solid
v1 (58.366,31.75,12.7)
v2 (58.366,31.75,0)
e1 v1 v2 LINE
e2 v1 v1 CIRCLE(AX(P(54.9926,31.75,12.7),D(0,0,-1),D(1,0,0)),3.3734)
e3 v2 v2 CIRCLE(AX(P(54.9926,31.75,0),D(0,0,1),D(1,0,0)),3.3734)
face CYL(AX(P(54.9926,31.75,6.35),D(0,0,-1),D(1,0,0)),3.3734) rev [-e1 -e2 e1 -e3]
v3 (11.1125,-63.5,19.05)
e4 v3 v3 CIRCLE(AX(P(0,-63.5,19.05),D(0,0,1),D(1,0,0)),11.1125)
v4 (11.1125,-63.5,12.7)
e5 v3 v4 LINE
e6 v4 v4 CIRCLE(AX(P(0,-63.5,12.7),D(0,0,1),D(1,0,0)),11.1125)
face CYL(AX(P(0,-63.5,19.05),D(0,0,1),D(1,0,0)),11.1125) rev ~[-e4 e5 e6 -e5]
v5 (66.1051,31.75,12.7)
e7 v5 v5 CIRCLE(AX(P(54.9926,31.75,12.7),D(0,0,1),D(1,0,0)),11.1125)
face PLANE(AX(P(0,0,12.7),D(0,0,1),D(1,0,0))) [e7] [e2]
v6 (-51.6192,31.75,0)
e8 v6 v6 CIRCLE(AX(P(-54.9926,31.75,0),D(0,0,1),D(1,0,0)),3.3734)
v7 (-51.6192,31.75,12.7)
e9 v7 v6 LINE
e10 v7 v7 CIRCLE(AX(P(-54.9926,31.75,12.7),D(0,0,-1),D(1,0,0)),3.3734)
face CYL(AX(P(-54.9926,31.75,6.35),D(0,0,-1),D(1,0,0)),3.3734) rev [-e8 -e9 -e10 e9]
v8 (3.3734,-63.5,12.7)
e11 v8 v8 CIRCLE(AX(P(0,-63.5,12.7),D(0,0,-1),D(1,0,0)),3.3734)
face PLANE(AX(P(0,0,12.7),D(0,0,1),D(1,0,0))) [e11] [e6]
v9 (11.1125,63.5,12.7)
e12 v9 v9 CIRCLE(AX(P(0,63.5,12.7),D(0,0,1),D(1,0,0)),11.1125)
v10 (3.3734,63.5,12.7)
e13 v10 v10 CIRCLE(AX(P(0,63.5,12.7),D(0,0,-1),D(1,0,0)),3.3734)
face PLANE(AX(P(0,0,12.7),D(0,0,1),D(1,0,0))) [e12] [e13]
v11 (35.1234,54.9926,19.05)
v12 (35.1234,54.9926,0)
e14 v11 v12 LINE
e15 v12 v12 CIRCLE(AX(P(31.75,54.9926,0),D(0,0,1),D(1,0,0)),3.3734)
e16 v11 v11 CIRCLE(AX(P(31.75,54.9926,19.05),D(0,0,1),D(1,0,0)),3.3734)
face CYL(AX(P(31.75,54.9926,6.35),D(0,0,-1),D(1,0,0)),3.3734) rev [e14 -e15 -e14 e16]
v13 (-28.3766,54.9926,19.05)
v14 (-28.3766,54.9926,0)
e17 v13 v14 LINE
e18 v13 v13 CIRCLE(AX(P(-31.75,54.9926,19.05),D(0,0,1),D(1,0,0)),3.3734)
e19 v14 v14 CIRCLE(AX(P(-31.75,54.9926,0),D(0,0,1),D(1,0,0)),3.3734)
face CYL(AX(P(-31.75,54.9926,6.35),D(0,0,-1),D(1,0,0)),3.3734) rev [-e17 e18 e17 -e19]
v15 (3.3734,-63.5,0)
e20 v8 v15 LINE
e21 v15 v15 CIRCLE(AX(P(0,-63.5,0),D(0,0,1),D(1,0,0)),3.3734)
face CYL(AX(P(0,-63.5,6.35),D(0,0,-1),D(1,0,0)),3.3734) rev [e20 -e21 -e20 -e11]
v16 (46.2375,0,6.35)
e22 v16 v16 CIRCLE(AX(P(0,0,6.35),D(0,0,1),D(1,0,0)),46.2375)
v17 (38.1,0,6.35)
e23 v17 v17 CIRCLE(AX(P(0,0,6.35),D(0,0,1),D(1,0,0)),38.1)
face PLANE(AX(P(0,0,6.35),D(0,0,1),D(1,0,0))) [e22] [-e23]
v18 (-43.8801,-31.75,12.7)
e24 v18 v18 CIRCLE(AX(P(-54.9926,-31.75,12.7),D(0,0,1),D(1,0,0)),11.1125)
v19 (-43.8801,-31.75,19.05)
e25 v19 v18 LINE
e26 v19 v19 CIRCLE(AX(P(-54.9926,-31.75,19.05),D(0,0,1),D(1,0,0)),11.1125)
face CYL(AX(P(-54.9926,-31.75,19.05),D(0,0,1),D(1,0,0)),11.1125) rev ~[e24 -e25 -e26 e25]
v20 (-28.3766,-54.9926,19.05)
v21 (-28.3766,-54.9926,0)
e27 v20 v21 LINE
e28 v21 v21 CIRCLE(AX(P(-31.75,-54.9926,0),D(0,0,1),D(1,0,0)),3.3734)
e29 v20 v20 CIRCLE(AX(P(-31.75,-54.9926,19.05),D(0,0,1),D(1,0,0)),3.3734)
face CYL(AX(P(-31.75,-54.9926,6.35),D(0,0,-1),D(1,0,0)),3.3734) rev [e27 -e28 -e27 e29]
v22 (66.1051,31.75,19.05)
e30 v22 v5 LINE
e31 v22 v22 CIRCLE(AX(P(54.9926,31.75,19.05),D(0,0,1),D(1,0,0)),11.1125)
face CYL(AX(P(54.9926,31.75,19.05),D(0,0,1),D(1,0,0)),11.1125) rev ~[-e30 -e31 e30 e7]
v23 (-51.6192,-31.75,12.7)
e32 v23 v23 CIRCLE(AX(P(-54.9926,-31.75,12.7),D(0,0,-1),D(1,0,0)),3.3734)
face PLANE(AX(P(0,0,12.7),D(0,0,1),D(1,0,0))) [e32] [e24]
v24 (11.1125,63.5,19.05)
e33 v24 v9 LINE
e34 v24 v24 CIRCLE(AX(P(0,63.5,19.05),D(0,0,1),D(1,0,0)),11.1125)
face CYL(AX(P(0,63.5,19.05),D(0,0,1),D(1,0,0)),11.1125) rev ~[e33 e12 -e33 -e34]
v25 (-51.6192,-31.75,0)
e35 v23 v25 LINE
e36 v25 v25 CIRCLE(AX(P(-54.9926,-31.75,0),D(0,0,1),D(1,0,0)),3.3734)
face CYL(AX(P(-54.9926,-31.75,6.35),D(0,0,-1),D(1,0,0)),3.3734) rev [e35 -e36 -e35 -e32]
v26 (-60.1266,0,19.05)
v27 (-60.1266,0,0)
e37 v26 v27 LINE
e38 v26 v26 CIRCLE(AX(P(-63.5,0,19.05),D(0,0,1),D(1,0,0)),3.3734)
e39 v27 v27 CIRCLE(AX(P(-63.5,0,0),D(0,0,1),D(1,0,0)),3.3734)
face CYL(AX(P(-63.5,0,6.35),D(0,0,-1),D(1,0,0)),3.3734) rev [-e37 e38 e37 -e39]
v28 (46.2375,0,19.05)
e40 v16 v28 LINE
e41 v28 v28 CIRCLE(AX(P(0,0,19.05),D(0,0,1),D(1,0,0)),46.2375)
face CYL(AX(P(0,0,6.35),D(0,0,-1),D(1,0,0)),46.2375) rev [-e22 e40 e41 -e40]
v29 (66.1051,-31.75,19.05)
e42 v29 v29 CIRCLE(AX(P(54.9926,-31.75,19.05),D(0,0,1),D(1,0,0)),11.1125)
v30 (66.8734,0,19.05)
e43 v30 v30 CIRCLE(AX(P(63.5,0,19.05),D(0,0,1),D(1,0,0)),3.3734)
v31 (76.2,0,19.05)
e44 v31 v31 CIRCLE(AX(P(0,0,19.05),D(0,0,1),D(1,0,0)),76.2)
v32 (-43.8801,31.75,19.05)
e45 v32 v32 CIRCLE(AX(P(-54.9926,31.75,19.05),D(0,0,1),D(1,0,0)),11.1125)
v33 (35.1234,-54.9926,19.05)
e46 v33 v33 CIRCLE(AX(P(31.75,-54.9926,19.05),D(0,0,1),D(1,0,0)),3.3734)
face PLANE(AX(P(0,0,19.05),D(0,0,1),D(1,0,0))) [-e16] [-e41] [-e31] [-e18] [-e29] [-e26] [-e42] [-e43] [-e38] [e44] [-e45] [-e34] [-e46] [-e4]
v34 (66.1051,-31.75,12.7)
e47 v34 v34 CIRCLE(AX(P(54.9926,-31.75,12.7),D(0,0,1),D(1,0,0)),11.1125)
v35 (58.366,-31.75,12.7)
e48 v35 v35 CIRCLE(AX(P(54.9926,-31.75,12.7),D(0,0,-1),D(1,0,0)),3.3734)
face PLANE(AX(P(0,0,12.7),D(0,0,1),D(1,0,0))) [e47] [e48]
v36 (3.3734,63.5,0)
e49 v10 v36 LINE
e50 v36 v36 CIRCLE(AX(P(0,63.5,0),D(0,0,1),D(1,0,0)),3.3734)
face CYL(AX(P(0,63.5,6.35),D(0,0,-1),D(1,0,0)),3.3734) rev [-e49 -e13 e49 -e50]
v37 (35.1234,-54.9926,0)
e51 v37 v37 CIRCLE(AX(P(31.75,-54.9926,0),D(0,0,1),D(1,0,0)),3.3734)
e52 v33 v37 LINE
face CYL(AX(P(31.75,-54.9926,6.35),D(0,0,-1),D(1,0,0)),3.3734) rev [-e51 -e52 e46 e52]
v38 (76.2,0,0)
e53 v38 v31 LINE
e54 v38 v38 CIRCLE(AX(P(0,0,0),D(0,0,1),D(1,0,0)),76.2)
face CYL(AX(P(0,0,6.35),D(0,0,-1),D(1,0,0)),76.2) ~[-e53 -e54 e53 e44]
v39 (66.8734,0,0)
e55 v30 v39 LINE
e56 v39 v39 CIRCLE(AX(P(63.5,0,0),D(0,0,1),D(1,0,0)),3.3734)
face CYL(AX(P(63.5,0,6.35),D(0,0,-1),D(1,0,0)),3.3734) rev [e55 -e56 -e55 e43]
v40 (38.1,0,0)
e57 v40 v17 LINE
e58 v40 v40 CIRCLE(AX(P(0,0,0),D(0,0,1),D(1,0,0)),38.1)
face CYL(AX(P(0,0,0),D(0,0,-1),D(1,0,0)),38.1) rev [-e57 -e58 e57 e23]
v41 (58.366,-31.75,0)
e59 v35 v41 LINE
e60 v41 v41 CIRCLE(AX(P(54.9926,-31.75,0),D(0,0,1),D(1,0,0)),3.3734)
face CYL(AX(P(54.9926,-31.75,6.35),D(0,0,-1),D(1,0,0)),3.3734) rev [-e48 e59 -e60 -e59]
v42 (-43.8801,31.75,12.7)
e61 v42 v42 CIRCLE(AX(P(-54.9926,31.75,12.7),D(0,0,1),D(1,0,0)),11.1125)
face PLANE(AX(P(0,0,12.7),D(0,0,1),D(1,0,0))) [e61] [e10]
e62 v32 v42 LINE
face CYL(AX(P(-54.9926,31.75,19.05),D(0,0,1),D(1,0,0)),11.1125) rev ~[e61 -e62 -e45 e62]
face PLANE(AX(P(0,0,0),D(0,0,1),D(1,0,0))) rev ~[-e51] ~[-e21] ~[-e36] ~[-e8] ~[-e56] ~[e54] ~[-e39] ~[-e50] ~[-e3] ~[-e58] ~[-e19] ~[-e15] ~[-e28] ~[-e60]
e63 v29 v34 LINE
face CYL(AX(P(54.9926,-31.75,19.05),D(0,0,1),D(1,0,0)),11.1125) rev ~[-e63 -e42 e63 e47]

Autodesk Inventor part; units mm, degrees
ref_plane "YZ Plane" through (0, 0, 0) normal (1, 0, 0) x (0, 1, 0)
ref_plane "XZ Plane" through (0, 0, 0) normal (0, 1, 0) x (-1, 0, 0)
ref_plane "XY Plane" through (0, 0, 0) normal (0, 0, 1) x (1, 0, 0)
sketch "Sketch1" plane through (0, 0, 0) normal (0, 0, 1) x (1, 0, 0)
  circle A0 centre (0, 0) radius 76.2
  circle A1 centre (0, 63.5) radius 3.3734
  circle A2 centre (0, 0) radius 38.1
  circle A3 centre (-31.75, 54.9926) radius 3.3734
  circle A4 centre (-54.9926, 31.75) radius 3.3734
  circle A5 centre (-63.5, 0) radius 3.3734
  circle A6 centre (-54.9926, -31.75) radius 3.3734
  circle A7 centre (-31.75, -54.9926) radius 3.3734
  circle A8 centre (0, -63.5) radius 3.3734
  circle A9 centre (31.75, -54.9926) radius 3.3734
  circle A10 centre (54.9926, -31.75) radius 3.3734
  circle A11 centre (63.5, 0) radius 3.3734
  circle A12 centre (54.9926, 31.75) radius 3.3734
  circle A13 centre (31.75, 54.9926) radius 3.3734
  dimension "d0" = 63.5
  dimension "d1" = 152.4
  dimension "d2" = 6.7469
  dimension "d3" = 76.2
  dimension "d6" = 360
extrude "Extrusion1" add sketch "Sketch1" along normal blind 6.35
sketch "Sketch2" plane through (0, 0, 6.35) normal (0, 0, 1) x (1, 0, 0)
  circle A0 centre (0, 0) radius 46.2375
  circle A1 centre (0, 0) radius 52.5875
  dimension "d10" = 92.475
  dimension "d11" = 6.35
extrude "Extrusion2" add sketch "Sketch2" along normal blind 12.7
sketch "Sketch3" plane through (0, 0, 6.35) normal (0, 0, 1) x (1, 0, 0)
  circle A0 centre (0, 63.5) radius 3.3734 projected
  circle A1 centre (-54.9926, 31.75) radius 3.3734 projected
  circle A2 centre (54.9926, -31.75) radius 3.3734 projected
  circle A3 centre (0, -63.5) radius 3.3734 projected
  circle A4 centre (-63.5, 0) radius 3.3734 projected
  circle A5 centre (31.75, 54.9926) radius 3.3734 projected
  circle A6 centre (-31.75, 54.9926) radius 3.3734 projected
  circle A7 centre (54.9926, 31.75) radius 3.3734 projected
  circle A8 centre (-31.75, -54.9926) radius 3.3734 projected
  circle A9 centre (-54.9926, -31.75) radius 3.3734 projected
  circle A10 centre (31.75, -54.9926) radius 3.3734 projected
  circle A11 centre (63.5, 0) radius 3.3734 projected
  circle A12 centre (0, 0) radius 76.2 projected
  circle A13 centre (0, 0) radius 52.5875 projected
extrude "Extrusion3" add sketch "Sketch3" along normal blind 12.7
sketch "Sketch4" plane through (0, 0, 19.05) normal (0, 0, 1) x (1, 0, 0)
  circle A0 centre (0, 63.5) radius 3.3734 construction
  circle A1 centre (0, 63.5) radius 11.1125
  circle A2 centre (-54.9926, 31.75) radius 11.1125
  circle A3 centre (-54.9926, -31.75) radius 11.1125
  circle A4 centre (0, -63.5) radius 11.1125
  circle A5 centre (54.9926, -31.75) radius 11.1125
  circle A6 centre (54.9926, 31.75) radius 11.1125
  point P0 (0, 0)
  dimension "d16" = 22.225
  dimension "d19" = 360
extrude "Extrusion4" cut sketch "Sketch4" against normal blind 6.35
properties part number "28521_Bearing_Holder"
